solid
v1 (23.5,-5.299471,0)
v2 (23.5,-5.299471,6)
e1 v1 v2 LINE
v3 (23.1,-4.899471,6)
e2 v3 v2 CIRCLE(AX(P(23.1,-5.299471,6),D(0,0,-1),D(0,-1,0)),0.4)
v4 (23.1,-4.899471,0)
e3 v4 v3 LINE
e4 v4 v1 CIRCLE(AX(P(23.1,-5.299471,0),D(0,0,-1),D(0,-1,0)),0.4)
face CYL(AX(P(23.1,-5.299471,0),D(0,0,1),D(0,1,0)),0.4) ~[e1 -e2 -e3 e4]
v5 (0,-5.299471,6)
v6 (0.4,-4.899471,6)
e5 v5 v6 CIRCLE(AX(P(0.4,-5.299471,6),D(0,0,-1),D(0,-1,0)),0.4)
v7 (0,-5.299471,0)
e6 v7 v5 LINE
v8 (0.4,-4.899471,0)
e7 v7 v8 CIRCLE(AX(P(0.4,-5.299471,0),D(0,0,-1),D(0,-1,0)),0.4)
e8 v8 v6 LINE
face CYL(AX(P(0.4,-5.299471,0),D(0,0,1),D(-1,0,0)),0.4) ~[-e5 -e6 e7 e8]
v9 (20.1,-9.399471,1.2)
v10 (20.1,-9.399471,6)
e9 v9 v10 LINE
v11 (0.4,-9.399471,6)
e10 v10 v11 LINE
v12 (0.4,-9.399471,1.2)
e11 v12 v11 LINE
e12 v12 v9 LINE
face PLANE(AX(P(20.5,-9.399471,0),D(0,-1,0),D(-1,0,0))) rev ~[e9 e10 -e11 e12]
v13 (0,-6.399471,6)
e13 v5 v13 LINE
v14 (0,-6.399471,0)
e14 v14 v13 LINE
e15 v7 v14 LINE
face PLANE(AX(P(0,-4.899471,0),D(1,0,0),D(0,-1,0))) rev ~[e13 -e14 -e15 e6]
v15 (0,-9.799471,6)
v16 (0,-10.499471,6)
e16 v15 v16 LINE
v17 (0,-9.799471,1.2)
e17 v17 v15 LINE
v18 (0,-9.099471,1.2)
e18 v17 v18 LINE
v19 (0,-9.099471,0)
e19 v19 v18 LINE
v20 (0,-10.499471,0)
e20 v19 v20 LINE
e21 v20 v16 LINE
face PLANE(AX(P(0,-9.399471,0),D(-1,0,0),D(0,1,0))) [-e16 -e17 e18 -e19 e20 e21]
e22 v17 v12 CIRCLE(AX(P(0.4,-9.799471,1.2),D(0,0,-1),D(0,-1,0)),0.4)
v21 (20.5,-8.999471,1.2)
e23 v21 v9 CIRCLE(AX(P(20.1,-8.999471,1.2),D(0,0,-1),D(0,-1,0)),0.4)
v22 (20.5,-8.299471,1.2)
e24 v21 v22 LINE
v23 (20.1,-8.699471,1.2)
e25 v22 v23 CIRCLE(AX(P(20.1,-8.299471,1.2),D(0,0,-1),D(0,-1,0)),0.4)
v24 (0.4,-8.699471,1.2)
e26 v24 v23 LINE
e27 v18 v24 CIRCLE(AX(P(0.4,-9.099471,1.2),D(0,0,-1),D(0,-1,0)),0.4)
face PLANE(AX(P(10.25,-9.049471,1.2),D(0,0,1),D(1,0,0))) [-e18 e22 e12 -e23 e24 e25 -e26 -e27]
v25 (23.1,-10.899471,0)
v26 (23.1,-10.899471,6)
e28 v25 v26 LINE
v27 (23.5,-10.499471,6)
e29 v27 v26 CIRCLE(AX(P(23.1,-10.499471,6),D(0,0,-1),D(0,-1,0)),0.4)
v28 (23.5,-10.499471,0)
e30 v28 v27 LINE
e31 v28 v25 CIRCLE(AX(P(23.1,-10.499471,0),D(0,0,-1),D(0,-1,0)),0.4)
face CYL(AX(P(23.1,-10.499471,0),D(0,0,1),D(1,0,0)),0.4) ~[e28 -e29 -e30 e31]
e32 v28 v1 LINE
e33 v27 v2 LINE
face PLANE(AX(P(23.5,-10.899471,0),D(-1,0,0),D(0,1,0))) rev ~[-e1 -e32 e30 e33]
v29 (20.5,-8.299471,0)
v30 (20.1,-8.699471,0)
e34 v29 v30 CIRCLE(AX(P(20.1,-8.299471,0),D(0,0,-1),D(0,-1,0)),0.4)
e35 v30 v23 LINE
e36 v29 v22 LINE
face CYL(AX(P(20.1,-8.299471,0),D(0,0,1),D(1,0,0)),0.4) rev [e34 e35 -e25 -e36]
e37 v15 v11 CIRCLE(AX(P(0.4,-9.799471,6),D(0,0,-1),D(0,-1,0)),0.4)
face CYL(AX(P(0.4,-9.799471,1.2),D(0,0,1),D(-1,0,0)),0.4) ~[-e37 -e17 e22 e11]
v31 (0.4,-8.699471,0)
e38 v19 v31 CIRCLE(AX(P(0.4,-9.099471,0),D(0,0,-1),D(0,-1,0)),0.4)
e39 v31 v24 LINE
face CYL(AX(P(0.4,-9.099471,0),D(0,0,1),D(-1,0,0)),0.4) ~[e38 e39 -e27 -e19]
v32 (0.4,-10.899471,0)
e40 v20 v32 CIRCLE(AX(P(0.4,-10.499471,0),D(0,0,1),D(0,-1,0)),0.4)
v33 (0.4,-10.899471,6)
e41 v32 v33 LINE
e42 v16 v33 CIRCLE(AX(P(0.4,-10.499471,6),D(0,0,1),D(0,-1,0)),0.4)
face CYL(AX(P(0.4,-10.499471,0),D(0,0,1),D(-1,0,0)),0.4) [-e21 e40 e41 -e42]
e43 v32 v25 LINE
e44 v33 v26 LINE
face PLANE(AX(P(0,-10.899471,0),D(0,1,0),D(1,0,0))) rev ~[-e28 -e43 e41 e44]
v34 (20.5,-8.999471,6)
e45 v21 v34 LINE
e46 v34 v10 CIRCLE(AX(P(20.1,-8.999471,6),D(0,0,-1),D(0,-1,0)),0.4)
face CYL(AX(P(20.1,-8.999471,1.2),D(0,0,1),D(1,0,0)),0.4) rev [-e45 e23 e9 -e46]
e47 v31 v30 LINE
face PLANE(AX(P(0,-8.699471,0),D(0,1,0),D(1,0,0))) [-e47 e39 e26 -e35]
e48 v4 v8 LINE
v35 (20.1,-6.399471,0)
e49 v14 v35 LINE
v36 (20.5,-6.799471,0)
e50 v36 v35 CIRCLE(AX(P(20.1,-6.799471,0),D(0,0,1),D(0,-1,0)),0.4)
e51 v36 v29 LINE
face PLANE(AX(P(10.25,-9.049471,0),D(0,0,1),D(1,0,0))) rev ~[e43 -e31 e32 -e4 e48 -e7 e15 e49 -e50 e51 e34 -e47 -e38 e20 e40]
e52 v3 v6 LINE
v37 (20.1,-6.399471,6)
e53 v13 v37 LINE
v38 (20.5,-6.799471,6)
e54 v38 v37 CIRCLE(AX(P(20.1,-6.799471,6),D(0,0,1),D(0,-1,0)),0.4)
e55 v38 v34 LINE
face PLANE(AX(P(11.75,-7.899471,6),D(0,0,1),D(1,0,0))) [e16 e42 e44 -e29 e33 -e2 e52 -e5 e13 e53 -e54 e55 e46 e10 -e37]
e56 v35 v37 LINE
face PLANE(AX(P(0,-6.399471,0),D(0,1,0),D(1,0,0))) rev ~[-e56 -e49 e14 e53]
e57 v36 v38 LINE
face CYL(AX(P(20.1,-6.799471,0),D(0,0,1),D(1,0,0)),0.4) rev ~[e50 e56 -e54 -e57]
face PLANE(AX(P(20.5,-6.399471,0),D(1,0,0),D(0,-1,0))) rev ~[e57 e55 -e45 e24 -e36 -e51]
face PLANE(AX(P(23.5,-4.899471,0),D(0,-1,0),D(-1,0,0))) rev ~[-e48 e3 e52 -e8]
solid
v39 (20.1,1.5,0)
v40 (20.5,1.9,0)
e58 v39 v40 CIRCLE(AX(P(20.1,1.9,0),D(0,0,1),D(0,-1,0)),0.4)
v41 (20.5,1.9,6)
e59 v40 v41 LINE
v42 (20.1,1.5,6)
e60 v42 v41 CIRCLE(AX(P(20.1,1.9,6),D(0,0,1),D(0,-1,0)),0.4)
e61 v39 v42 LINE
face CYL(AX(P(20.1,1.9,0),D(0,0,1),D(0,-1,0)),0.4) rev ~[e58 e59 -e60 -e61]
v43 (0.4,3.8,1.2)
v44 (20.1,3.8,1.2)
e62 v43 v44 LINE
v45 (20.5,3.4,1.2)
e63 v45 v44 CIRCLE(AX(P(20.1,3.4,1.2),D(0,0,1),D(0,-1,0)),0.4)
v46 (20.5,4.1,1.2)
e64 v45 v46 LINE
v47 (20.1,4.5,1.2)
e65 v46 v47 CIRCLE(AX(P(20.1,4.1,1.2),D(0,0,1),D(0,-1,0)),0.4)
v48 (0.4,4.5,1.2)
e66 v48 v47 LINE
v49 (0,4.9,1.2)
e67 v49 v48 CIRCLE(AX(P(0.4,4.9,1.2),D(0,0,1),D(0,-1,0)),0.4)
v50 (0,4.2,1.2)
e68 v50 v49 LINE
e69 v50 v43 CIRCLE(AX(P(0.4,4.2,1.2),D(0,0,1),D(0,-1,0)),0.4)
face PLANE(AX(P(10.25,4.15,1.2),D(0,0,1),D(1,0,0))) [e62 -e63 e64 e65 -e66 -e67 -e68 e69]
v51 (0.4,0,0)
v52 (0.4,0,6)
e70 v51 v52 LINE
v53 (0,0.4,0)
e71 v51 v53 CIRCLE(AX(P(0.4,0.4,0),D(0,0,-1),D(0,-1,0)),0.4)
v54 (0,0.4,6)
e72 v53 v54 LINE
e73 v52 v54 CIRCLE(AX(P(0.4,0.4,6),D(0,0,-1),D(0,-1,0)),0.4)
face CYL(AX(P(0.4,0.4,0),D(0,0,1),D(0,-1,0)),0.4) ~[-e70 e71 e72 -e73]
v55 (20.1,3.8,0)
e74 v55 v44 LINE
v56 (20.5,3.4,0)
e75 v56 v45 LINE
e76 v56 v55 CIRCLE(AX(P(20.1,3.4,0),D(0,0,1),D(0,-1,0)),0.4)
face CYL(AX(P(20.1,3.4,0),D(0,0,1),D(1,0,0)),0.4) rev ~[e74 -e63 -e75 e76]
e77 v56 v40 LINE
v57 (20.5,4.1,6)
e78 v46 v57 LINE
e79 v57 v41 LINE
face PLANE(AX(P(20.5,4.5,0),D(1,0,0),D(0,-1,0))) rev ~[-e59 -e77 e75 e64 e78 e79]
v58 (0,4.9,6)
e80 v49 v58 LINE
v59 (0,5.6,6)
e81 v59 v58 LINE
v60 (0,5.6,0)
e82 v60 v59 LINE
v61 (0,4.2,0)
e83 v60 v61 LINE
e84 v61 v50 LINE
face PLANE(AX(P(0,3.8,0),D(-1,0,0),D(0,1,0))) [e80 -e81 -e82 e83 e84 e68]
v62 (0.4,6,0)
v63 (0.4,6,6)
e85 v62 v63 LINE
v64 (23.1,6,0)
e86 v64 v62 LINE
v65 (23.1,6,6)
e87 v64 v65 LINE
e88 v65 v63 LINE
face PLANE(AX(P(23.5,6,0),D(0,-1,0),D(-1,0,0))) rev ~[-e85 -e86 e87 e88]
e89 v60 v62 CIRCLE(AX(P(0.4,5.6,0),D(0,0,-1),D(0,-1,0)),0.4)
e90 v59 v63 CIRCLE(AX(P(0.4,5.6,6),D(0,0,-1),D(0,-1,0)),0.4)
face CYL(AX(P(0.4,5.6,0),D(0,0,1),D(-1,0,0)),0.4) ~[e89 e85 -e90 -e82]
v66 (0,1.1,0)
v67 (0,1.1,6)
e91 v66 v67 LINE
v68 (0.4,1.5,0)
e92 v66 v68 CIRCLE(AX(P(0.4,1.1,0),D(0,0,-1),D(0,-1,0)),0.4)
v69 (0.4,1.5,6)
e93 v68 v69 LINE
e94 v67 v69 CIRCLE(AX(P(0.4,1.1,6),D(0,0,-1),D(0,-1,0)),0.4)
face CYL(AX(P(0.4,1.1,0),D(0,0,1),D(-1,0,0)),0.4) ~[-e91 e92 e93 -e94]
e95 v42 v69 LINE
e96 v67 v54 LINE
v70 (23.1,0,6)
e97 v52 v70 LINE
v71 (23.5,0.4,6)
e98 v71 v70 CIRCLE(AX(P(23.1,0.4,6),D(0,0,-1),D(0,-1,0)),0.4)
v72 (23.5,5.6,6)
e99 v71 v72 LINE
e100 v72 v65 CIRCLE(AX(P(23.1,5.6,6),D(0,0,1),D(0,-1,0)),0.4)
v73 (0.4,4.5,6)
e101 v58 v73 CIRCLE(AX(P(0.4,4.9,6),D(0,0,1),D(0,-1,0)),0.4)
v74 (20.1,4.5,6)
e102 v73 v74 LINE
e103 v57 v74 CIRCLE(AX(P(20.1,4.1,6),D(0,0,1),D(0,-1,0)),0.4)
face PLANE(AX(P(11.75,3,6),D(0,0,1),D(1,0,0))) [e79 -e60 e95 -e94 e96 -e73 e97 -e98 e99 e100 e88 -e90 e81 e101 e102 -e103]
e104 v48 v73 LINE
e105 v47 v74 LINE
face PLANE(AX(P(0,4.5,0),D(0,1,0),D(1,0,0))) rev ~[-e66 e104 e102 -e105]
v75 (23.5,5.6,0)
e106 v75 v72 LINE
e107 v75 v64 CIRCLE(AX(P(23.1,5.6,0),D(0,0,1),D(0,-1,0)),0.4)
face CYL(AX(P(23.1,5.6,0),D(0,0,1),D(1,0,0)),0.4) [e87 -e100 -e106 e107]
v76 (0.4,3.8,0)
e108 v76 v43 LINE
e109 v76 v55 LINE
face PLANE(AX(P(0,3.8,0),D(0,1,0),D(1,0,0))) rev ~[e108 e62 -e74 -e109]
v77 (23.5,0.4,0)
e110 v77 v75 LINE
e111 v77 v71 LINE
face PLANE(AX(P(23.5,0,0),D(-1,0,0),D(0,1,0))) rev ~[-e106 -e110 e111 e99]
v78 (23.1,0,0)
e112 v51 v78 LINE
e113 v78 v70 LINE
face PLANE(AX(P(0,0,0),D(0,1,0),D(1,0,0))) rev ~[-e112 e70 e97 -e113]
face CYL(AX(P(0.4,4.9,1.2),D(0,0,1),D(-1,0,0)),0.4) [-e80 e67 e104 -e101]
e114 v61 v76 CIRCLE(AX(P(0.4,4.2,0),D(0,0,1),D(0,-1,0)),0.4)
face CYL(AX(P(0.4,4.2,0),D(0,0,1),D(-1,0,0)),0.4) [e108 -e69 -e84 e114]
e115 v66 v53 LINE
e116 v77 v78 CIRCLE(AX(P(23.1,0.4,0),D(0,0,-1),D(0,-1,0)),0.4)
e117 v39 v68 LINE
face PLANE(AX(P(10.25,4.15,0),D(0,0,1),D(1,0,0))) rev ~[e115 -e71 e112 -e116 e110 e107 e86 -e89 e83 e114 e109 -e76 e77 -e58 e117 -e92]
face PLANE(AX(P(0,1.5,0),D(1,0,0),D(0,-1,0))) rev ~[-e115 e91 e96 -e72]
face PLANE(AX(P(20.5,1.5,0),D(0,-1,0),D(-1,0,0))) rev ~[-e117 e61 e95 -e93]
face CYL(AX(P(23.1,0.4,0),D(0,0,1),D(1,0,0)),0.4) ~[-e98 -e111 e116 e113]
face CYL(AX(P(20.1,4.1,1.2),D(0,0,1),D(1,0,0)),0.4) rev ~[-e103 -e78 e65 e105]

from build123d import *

# Parameters (mm, degrees)
BOSS_EXTRUDE1_DEPTH   = 6
BOSS_EXTRUDE1_2_DEPTH = 6
SKETCH2_4_W           = 20.5
SKETCH2_4_H           = 0.7
BOSS_EXTRUDE3_DEPTH   = 1.2
FILLET2_R             = 0.4
FILLET3_R             = 0.4


with BuildPart() as part:
    # Sketch2 → Boss-Extrude1 (new body)
    with BuildSketch(Plane.XY):
        Polygon((0, 1.5), (0, 0), (23.5, 0), (23.5, 6), (0, 6), (0, 4.5), (20.5, 4.5), (20.5, 1.5), align=None)
    extrude(amount=BOSS_EXTRUDE1_DEPTH)



with BuildPart() as body_2:
    # Sketch2 → Boss-Extrude1 2 (new body)
    with BuildSketch(Plane.XY):
        Polygon((20.5, -6.399471306), (20.5, -9.399471306), (0, -9.399471306), (0, -10.899471306), (23.5, -10.899471306), (23.5, -4.899471306), (0, -4.899471306), (0, -6.399471306), align=None)
    extrude(amount=BOSS_EXTRUDE1_2_DEPTH)


with BuildPart() as part_1:
    add(part.part)

    add(body_2.part)  # Boss-Extrude3 merges body 2
    # Sketch2<4> → Boss-Extrude3 (add)
    with BuildSketch(Plane.XY):
        with Locations((10.25, 4.15)):
            Rectangle(SKETCH2_4_W, SKETCH2_4_H)
        with Locations((10.25, -9.049471306)):
            Rectangle(SKETCH2_4_W, SKETCH2_4_H)
    extrude(amount=BOSS_EXTRUDE3_DEPTH)

    # Fillet2
    fillet2_edges = [part_1.edges().sort_by_distance(p)[0] for p in [
        (0, 4.5, 3.6),
        (20.5, 1.5, 3),
        (20.5, 3.8, 0.6),
        (20.5, 4.5, 3.6),
        (23.5, 6, 3),
        (23.5, 0, 3),
        (0, 0, 3),
        (0, 1.5, 3),
        (0, 3.8, 0.6),
        (0, 6, 3),
    ]]
    fillet(fillet2_edges, radius=FILLET2_R)

    # Fillet3
    fillet3_edges = [part_1.edges().sort_by_distance(p)[0] for p in [
        (23.5, -10.899471306, 3),
        (23.5, -4.899471306, 3),
        (20.5, -6.399471306, 3),
        (20.5, -9.399471306, 3.6),
        (20.5, -8.699471306, 0.6),
        (0, -10.899471306, 3),
        (0, -9.399471306, 3.6),
        (0, -8.699471306, 0.6),
        (0, -4.899471306, 3),
    ]]
    fillet(fillet3_edges, radius=FILLET3_R)


solid = part_1.part
